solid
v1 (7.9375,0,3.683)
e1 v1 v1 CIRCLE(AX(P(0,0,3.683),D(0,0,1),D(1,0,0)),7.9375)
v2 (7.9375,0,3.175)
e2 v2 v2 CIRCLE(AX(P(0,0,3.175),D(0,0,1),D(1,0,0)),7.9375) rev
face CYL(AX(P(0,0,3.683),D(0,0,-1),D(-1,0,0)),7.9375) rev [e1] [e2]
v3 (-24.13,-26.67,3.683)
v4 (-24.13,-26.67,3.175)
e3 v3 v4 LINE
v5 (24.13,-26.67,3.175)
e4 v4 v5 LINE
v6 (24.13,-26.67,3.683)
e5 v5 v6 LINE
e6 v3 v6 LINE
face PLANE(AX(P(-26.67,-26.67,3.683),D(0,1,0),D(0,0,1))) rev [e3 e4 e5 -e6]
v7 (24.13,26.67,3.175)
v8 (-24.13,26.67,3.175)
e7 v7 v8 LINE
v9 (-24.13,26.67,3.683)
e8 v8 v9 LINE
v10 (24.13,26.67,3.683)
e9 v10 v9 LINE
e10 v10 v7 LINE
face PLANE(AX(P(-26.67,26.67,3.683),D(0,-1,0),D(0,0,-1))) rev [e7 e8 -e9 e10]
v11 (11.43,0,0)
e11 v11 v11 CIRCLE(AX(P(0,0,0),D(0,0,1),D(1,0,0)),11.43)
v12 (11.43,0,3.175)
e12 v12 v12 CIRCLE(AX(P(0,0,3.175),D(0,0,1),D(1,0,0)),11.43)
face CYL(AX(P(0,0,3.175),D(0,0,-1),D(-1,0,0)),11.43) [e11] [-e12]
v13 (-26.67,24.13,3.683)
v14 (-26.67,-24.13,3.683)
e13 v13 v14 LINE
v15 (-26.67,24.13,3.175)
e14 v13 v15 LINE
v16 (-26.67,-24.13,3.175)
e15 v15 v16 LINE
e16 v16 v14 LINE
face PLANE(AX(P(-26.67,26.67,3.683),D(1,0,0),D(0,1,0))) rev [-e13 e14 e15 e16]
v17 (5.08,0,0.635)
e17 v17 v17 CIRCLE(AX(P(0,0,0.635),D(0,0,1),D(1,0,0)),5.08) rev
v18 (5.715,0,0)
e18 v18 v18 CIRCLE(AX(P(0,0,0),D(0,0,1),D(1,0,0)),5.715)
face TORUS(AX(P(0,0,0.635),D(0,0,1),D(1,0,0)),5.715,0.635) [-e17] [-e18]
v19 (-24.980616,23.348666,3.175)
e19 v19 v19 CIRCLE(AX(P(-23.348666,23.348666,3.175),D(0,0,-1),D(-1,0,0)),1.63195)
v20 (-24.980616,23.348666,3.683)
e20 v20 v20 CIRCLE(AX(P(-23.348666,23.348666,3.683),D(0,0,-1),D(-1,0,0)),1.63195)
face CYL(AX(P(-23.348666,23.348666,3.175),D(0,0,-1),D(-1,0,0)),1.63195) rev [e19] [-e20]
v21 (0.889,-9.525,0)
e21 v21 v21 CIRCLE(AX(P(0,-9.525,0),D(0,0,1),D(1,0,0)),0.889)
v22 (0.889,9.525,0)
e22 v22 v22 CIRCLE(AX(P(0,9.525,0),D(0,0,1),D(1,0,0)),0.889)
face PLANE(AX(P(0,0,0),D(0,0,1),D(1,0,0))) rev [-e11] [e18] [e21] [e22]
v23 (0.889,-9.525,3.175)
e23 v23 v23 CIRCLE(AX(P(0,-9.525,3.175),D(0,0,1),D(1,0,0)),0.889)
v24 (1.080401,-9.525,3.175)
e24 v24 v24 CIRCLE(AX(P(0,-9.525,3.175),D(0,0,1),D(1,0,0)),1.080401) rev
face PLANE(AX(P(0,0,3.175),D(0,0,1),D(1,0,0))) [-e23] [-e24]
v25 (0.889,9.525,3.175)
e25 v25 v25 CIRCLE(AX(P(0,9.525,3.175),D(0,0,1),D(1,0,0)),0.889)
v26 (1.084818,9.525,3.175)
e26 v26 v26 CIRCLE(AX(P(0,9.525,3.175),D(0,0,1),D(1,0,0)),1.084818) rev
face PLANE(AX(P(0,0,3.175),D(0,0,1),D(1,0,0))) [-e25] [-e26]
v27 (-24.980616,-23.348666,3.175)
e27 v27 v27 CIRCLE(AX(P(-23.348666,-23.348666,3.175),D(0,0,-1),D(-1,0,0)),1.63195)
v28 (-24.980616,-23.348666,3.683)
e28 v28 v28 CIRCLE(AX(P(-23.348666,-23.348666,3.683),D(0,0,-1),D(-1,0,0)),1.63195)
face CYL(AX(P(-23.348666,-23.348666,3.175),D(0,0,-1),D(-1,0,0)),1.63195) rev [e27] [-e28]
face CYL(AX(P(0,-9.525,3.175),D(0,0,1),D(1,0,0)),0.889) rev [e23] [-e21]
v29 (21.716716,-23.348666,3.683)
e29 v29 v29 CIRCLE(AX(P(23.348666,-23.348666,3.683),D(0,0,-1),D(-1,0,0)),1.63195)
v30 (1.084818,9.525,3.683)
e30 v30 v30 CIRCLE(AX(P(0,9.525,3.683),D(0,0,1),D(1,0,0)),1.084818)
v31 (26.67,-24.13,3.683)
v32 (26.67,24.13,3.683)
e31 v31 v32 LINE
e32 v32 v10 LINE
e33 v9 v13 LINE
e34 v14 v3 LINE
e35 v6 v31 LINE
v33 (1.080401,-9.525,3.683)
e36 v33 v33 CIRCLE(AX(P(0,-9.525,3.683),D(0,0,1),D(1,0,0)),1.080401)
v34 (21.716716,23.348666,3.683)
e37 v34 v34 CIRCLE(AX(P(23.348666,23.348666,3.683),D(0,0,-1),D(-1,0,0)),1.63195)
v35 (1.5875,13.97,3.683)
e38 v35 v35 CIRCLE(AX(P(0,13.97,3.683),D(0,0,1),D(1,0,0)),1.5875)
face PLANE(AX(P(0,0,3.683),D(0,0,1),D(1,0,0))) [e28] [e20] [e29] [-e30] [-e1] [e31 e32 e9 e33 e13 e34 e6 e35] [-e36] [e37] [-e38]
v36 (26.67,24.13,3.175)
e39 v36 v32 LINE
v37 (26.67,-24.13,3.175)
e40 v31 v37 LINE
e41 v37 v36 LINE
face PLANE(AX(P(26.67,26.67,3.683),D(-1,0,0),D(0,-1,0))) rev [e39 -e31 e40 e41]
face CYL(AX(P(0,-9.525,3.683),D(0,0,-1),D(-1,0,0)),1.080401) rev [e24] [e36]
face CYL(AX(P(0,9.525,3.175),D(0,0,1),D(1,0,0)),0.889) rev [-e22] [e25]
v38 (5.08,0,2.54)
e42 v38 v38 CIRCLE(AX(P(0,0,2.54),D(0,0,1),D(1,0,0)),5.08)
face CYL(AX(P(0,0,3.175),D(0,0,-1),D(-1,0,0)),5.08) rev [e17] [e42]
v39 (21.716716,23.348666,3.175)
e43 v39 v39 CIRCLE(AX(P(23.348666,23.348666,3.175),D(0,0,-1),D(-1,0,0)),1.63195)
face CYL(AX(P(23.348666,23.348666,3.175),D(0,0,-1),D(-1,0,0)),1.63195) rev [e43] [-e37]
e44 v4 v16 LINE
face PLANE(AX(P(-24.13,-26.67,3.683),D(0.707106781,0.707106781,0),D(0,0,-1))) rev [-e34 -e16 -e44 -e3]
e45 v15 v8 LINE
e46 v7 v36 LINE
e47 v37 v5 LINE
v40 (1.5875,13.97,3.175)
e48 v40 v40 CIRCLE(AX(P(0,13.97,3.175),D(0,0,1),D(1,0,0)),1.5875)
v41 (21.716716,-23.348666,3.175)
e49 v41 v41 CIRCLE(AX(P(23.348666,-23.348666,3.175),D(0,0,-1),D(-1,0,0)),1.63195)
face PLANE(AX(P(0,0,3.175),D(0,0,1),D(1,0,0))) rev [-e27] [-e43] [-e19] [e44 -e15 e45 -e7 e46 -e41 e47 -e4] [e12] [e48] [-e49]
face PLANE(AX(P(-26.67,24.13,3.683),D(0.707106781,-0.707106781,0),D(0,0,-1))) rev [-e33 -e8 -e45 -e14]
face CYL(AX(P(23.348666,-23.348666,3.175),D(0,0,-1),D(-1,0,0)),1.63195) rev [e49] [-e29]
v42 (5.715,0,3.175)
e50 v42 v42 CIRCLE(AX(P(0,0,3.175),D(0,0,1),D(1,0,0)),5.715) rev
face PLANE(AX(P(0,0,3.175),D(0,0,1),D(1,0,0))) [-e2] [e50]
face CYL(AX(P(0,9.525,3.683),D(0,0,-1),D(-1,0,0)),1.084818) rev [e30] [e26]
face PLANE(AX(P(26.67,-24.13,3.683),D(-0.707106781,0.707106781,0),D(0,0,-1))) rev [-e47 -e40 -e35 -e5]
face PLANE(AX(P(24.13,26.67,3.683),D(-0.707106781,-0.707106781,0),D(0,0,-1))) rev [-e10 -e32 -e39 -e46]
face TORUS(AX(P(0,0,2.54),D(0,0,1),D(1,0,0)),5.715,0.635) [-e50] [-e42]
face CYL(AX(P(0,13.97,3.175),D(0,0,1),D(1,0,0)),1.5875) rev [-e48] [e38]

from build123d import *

# Parameters (mm, degrees)
SKETCH1_R             = 11.43
SKETCH1_R_2           = 5.08
BOSS_EXTRUDE1_DEPTH   = 3.175
FILLET1_R             = 0.635
F_2_56_TAPPED_HOLE1_D = 1.778
SKETCH4_W             = 53.34
SKETCH4_H             = 53.34
SKETCH4_R             = 7.9375
SKETCH4_R_2           = 1.084817848
SKETCH4_R_3           = 1.08040081
BOSS_EXTRUDE2_DEPTH   = 0.508
F_4_CLEARANCE_HOLE1_D = 3.2639
CIRPATTERN1_COUNT     = 4
SKETCH9_R             = 1.5875
CUT_EXTRUDE1_DEPTH    = 0.508
CHAMFER1_SIZE         = 2.54


with BuildPart() as part:
    # Sketch1 → Boss-Extrude1 (new body)
    with BuildSketch(Plane.XY):
        Circle(SKETCH1_R)
        Circle(SKETCH1_R_2, mode=Mode.SUBTRACT)
    extrude(amount=BOSS_EXTRUDE1_DEPTH)

    # Fillet1
    fillet1_edges = [part.edges().sort_by_distance(p)[0] for p in [
        (-5.08, 0, 0),
        (-5.08, 0, 3.175),
    ]]
    fillet(fillet1_edges, radius=FILLET1_R)

    # #2-56 Tapped Hole1 (through all)
    with Locations(Plane.XY.offset(3.175)):
        with Locations((0, 9.525)):
            f_2_56_tapped_hole1 = Hole(F_2_56_TAPPED_HOLE1_D / 2)

    # Mirror1: #2-56 Tapped Hole1 across plane
    add(f_2_56_tapped_hole1.mirror(Plane.ZX), mode=Mode.SUBTRACT)

    # Sketch4 → Boss-Extrude2 (add)
    with BuildSketch(Plane.XY.offset(3.175)):
        Rectangle(SKETCH4_W, SKETCH4_H)
        Circle(SKETCH4_R, mode=Mode.SUBTRACT)
        with Locations((0, 9.525)):
            Circle(SKETCH4_R_2, mode=Mode.SUBTRACT)
        with Locations((0, -9.525)):
            Circle(SKETCH4_R_3, mode=Mode.SUBTRACT)
    extrude(amount=BOSS_EXTRUDE2_DEPTH)

    # #4 Clearance Hole1 (through all)
    with Locations(Plane(origin=(0, 0, 3.175), x_dir=(-1, 0, 0), z_dir=(0, 0, -1))):
        with Locations((-23.348665915, -23.348665915)):
            f_4_clearance_hole1 = Hole(F_4_CLEARANCE_HOLE1_D / 2)

    # CirPattern1: #4 Clearance Hole1 ×4 about axis
    cirpattern1_axis = Axis((0, 0, 0), (0, 0, 1))
    for i in range(1, CIRPATTERN1_COUNT):
        add(f_4_clearance_hole1.rotate(cirpattern1_axis, i * 360 / CIRPATTERN1_COUNT), mode=Mode.SUBTRACT)

    # Sketch9 → Cut-Extrude1 (cut)
    with BuildSketch(Plane.XY.offset(3.683)):
        with Locations((0, 13.97)):
            Circle(SKETCH9_R)
    extrude(amount=-CUT_EXTRUDE1_DEPTH, mode=Mode.SUBTRACT)

    # Chamfer1
    chamfer1_edges = [part.edges().sort_by_distance(p)[0] for p in [
        (-26.67, 26.67, 3.429),
        (-26.67, -26.67, 3.429),
        (26.67, -26.67, 3.429),
        (26.67, 26.67, 3.429),
    ]]
    chamfer(chamfer1_edges, length=CHAMFER1_SIZE)


solid = part.part
